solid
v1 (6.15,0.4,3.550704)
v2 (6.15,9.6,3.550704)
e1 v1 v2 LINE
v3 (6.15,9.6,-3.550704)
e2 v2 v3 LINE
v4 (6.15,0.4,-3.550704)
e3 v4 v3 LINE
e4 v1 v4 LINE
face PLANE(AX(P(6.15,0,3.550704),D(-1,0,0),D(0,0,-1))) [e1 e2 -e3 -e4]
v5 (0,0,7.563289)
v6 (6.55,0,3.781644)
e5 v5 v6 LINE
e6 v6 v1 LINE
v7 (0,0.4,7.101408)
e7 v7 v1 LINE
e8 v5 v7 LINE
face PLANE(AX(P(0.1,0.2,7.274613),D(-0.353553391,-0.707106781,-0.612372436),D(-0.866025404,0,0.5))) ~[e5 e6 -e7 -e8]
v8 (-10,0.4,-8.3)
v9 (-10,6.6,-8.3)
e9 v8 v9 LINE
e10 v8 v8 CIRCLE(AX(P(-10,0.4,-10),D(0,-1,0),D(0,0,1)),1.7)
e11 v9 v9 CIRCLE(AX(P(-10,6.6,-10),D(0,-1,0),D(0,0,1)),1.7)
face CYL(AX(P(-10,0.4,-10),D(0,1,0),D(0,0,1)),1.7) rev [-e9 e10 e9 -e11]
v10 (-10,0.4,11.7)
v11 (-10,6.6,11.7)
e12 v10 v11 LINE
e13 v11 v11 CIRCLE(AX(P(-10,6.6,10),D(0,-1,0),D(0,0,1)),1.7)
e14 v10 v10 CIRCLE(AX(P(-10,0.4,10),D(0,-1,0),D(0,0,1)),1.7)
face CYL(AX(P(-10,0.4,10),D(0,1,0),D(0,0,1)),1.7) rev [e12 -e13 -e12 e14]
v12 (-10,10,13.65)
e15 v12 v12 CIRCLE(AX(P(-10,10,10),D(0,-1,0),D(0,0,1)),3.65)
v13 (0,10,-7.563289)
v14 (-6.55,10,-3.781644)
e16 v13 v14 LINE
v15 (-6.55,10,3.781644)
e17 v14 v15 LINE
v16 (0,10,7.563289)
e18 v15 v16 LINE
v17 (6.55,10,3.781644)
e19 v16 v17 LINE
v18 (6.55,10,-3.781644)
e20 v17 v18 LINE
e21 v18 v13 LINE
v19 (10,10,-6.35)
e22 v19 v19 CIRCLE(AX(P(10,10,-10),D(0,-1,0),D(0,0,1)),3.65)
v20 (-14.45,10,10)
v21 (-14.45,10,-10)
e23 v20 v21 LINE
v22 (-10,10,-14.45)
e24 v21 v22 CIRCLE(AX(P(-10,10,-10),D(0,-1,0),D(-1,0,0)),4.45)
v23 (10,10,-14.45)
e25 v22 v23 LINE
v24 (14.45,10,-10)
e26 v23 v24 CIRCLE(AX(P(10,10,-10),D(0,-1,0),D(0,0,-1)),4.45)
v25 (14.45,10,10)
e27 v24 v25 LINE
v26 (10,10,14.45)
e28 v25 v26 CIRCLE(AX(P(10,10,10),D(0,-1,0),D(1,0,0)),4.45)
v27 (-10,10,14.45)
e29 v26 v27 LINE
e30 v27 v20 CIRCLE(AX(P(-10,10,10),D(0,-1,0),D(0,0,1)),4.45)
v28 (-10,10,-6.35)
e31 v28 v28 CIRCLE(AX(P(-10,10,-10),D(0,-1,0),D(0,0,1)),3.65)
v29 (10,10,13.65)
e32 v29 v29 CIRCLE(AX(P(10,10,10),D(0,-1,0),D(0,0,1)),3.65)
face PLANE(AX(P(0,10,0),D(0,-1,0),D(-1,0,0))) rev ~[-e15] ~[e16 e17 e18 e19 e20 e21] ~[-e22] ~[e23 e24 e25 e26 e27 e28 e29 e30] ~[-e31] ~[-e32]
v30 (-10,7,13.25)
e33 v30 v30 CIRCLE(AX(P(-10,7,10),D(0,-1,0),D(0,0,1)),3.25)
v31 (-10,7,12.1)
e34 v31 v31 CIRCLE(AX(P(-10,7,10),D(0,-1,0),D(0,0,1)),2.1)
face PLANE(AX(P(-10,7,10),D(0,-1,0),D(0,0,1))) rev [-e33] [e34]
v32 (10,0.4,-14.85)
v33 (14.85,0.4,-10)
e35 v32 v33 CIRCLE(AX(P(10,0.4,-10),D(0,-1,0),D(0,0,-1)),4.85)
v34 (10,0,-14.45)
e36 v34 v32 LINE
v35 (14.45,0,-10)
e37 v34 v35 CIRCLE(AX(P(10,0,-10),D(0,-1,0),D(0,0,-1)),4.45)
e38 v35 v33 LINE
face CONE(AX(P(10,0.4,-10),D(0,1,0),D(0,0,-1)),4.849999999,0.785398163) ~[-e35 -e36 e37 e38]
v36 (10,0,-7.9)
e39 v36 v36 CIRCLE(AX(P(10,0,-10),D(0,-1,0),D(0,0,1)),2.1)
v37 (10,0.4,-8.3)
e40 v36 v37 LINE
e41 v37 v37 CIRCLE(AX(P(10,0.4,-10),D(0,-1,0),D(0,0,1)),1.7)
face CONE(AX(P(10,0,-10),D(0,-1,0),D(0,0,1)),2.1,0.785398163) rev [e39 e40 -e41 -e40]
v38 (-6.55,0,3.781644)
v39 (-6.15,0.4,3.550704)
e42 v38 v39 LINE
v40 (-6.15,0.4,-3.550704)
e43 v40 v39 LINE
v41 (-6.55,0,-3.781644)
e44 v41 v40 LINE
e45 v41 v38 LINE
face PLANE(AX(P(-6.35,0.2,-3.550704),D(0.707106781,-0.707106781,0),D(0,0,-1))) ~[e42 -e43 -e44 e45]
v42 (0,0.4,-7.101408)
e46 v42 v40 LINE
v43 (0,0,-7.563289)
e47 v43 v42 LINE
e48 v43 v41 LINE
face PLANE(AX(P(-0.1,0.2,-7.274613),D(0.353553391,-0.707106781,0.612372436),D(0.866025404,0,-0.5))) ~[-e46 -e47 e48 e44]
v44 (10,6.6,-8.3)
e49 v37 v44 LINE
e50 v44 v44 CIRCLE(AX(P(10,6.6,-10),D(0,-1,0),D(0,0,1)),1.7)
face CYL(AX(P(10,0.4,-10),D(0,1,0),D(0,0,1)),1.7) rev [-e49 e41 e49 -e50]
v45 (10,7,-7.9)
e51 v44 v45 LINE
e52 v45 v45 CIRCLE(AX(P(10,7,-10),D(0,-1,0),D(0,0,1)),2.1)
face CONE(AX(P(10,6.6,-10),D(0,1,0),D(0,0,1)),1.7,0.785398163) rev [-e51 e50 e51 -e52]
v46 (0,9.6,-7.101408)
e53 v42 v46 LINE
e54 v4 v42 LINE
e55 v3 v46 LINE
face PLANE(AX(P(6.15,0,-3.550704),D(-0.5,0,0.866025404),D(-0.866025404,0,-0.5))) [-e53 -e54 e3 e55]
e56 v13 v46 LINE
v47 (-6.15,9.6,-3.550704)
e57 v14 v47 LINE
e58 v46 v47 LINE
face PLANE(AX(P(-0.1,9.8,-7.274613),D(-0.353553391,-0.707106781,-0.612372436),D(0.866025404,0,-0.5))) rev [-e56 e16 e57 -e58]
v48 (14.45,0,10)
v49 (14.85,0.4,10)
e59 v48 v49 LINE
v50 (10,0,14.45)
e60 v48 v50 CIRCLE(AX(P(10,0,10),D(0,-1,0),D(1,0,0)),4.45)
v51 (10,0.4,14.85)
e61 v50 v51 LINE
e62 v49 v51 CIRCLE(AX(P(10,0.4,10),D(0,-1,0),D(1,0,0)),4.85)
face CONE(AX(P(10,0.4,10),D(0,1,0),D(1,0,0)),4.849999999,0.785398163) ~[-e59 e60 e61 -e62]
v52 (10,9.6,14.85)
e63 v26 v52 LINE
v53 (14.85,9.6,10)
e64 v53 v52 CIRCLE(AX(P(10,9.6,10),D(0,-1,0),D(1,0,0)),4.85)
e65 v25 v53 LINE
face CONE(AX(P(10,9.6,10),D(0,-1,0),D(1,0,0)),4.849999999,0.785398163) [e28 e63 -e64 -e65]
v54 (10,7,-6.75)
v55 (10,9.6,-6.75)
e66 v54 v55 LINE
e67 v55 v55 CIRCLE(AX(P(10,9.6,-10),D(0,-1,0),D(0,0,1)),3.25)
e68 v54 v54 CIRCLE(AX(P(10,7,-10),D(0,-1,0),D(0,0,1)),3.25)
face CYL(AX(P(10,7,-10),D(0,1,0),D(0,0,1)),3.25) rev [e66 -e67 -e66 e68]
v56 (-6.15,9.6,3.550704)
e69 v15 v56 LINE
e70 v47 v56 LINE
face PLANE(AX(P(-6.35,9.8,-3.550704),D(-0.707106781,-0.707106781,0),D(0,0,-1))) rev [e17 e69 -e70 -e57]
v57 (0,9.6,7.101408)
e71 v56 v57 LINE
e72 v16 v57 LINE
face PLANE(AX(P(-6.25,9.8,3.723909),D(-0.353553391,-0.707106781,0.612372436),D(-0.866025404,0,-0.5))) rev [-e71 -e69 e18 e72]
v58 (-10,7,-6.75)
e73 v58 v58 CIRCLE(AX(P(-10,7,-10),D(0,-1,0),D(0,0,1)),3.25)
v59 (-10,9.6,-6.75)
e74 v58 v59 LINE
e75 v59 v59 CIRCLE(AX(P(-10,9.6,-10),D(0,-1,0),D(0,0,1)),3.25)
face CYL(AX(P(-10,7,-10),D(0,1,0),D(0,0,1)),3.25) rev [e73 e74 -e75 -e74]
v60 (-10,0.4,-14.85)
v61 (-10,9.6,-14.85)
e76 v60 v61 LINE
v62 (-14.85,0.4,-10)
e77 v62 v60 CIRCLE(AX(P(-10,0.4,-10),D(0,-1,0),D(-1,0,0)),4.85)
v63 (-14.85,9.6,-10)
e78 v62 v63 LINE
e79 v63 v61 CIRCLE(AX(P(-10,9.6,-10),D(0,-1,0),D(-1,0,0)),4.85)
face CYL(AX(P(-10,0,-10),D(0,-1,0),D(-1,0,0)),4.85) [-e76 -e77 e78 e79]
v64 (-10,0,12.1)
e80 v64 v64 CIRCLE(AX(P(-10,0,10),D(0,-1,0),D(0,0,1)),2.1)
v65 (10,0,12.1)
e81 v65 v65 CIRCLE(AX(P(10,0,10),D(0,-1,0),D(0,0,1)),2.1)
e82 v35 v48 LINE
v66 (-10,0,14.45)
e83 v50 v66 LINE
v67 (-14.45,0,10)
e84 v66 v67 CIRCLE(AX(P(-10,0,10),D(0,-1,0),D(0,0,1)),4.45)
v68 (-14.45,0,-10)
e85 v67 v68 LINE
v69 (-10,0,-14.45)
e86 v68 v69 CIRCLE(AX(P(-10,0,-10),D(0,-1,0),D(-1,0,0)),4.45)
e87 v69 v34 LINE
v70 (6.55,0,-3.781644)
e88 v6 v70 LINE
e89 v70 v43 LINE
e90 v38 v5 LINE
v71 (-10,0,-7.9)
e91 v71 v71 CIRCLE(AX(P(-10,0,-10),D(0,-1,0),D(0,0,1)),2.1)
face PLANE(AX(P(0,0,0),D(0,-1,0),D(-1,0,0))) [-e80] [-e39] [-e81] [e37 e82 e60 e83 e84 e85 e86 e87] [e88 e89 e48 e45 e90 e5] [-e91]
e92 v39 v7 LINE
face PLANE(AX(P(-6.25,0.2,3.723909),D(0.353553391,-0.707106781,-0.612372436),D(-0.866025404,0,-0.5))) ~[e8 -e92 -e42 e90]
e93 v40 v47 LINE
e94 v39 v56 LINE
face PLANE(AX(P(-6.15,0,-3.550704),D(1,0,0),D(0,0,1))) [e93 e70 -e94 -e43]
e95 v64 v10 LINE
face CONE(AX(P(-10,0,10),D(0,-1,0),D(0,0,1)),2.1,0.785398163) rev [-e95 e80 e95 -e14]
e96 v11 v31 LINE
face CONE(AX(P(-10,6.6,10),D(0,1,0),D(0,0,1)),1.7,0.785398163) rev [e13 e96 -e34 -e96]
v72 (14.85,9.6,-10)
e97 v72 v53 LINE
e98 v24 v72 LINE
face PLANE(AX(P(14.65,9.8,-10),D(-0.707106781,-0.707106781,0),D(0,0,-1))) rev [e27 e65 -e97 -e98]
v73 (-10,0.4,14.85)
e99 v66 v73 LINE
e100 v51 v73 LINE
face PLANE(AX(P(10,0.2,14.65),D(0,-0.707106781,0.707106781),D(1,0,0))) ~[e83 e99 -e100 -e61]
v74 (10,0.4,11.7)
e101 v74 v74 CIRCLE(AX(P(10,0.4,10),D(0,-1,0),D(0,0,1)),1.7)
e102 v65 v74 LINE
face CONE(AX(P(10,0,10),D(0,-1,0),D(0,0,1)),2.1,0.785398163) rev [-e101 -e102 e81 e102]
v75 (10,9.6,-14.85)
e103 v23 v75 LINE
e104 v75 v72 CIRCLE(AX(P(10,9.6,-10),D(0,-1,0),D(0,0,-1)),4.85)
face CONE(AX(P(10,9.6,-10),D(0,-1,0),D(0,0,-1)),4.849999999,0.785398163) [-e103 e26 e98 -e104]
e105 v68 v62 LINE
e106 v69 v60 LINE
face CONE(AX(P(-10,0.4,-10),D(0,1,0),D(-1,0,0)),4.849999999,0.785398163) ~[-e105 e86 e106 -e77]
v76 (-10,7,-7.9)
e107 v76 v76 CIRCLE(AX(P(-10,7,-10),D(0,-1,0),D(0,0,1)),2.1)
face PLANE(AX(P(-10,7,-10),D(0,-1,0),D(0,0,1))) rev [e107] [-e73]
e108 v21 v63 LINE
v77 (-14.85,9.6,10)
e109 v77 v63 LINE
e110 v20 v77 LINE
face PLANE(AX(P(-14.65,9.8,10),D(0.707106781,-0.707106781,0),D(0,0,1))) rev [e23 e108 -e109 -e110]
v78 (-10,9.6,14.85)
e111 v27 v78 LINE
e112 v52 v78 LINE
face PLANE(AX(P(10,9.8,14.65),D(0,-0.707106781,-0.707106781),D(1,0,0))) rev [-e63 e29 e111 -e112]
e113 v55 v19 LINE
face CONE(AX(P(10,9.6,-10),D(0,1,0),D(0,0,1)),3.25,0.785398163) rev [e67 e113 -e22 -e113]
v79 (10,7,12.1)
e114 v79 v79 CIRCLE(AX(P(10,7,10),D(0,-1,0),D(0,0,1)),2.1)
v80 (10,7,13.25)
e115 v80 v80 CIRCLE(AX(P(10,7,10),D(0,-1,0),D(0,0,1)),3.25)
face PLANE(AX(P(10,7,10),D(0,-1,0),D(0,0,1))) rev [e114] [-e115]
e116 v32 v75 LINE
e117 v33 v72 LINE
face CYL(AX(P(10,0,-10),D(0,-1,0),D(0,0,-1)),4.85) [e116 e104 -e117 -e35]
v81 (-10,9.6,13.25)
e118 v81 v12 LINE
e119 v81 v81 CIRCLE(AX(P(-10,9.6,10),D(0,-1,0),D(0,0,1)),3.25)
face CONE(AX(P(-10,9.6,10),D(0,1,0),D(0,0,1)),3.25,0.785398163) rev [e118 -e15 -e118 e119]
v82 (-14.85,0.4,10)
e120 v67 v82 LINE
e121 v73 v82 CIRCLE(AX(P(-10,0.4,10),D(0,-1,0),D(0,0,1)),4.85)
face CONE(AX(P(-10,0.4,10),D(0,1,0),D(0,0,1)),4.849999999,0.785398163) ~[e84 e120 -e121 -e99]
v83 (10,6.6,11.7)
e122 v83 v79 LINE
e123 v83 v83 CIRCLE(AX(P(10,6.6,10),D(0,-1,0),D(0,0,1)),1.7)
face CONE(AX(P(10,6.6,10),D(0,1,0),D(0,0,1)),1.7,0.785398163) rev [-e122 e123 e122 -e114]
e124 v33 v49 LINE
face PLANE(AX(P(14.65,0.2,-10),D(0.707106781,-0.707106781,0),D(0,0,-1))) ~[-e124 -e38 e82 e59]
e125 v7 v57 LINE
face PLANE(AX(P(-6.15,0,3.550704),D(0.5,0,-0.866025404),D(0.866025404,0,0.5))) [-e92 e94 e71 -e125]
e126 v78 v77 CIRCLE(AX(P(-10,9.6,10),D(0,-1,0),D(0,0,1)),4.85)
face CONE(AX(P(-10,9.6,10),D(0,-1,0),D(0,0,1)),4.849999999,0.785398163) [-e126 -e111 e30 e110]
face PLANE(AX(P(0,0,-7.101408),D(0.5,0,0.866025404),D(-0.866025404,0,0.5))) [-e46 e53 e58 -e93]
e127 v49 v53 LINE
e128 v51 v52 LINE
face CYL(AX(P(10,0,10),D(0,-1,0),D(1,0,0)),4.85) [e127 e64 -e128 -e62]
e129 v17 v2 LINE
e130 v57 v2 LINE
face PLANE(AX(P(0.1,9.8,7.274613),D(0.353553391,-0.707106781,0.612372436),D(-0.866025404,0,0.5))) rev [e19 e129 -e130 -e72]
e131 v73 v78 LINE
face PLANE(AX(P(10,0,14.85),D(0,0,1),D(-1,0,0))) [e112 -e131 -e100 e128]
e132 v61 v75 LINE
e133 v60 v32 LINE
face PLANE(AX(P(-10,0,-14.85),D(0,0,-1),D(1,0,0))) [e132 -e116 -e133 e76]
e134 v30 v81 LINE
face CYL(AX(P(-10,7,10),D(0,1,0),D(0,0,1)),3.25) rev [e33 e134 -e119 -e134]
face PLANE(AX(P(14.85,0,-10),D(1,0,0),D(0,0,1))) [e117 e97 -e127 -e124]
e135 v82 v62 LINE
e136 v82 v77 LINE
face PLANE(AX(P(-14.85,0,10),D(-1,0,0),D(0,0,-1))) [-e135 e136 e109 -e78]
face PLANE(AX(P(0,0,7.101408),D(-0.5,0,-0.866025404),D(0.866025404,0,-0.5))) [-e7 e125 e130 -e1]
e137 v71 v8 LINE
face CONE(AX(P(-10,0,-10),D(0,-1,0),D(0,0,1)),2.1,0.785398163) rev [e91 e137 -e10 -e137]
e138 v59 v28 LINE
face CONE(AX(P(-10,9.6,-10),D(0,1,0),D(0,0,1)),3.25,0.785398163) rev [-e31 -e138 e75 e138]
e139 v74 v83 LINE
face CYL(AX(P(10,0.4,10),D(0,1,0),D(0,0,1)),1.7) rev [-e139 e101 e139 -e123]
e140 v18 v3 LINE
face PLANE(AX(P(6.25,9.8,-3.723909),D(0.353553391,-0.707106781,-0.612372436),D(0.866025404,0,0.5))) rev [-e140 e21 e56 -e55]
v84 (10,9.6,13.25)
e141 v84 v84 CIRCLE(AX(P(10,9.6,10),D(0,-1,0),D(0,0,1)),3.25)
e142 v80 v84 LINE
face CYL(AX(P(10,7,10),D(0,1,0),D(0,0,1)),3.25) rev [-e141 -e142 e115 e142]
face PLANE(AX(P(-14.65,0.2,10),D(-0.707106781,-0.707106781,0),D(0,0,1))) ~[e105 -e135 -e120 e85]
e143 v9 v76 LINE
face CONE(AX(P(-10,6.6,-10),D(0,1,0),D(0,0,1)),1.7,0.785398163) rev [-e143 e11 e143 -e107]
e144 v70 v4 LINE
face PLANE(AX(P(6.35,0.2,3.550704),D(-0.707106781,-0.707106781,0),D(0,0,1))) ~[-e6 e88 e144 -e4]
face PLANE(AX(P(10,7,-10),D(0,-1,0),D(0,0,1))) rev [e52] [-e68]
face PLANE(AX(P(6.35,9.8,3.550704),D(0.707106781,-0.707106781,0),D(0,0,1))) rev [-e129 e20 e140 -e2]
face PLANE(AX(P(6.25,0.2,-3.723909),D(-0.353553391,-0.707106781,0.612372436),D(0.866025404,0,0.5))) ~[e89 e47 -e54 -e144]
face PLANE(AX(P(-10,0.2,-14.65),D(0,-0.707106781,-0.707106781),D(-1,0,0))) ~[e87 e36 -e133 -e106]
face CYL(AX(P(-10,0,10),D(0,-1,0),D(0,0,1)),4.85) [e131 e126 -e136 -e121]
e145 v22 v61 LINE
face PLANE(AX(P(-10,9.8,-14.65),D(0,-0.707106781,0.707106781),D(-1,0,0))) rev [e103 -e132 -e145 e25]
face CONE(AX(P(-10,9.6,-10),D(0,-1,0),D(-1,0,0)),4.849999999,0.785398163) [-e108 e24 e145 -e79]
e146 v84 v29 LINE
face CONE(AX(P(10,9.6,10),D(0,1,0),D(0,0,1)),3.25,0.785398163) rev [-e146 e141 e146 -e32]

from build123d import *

# Parameters (mm, degrees)
BOSS_EXTRUDE1_DEPTH           = 10
CBORE_FOR_M3_SHCS1_AT_2_COUNT = 2
CBORE_FOR_M3_SHCS1_AT_2_PITCH = 20
CBORE_FOR_M3_SHCS1_AT_3_COUNT = 2
CBORE_FOR_M3_SHCS1_AT_3_PITCH = 28.284271247
CBORE_FOR_M3_SHCS1_AT_4_COUNT = 2
CBORE_FOR_M3_SHCS1_AT_4_PITCH = 20
CHAMFER1_SIZE                 = 0.4


with BuildPart() as part:
    # Sketch3 → Boss-Extrude1 (new body)
    with BuildSketch(Plane(origin=(0, 0, 0), x_dir=(1, 0, 0), z_dir=(0, 1, 0))):
        with BuildLine():
            Line((-14.85, -10), (-14.85, 10))
            ThreePointArc((-14.85, 10), (-13.429467889, 13.429467889), (-10, 14.85))
            Line((-10, 14.85), (10, 14.85))
            ThreePointArc((10, 14.85), (13.429467889, 13.429467889), (14.85, 10))
            Line((14.85, 10), (14.85, -10))
            ThreePointArc((14.85, -10), (13.429467889, -13.429467889), (10, -14.85))
            Line((10, -14.85), (-10, -14.85))
            ThreePointArc((-10, -14.85), (-13.429467889, -13.429467889), (-14.85, -10))
        make_face()
        Polygon((-6.15, 3.550704156), (-6.15, -3.550704156), (0, -7.101408311), (6.15, -3.550704156), (6.15, 3.550704156), (0, 7.101408311), align=None, mode=Mode.SUBTRACT)
    extrude(amount=BOSS_EXTRUDE1_DEPTH)

    # Sketch5 → CBORE for M3 SHCS1 (revolve, cut)
    with BuildSketch(Plane(origin=(-10, 10, -10), x_dir=(0, 0, 1), z_dir=(1, 0, 0))):
        Polygon((0, 0), (0, 10), (2.1, 10), (1.7, 9.6), (1.7, 3.4), (2.1, 3), (3.25, 3), (3.25, 0.4), (3.65, 0), align=None)
    cbore_for_m3_shcs1 = revolve(axis=Axis((-10, 16.35, -10), (0, -1, 0)), mode=Mode.SUBTRACT)

    # CBORE for M3 SHCS1 at 2: CBORE for M3 SHCS1 ×2
    with Locations(*[(i * CBORE_FOR_M3_SHCS1_AT_2_PITCH, 0, 0) for i in range(1, CBORE_FOR_M3_SHCS1_AT_2_COUNT)]):
        add(cbore_for_m3_shcs1, mode=Mode.SUBTRACT)

    # CBORE for M3 SHCS1 at 3: CBORE for M3 SHCS1 ×2
    with Locations(*[Vector(0.7071067811865476, 0, 0.7071067811865476) * (i * CBORE_FOR_M3_SHCS1_AT_3_PITCH) for i in range(1, CBORE_FOR_M3_SHCS1_AT_3_COUNT)]):
        add(cbore_for_m3_shcs1, mode=Mode.SUBTRACT)

    # CBORE for M3 SHCS1 at 4: CBORE for M3 SHCS1 ×2
    with Locations(*[(0, 0, i * CBORE_FOR_M3_SHCS1_AT_4_PITCH) for i in range(1, CBORE_FOR_M3_SHCS1_AT_4_COUNT)]):
        add(cbore_for_m3_shcs1, mode=Mode.SUBTRACT)

    # Chamfer1
    chamfer1_edges = [part.edges().sort_by_distance(p)[0] for p in [
        (14.85, 0, 0),
        (13.429467889, 0, 13.429467889),
        (0, 0, 14.85),
        (-13.429467889, 0, 13.429467889),
        (13.429467889, 10, 13.429467889),
        (14.85, 10, 0),
        (13.429467889, 10, -13.429467889),
        (0, 10, -14.85),
        (-3.075, 0, -5.326056233),
        (-6.15, 0, 0),
        (-3.075, 0, 5.326056233),
        (3.075, 0, 5.326056233),
        (6.15, 0, 0),
        (3.075, 0, -5.326056233),
        (-3.075, 10, -5.326056233),
        (-6.15, 10, 0),
        (-13.429467889, 10, -13.429467889),
        (-3.075, 10, 5.326056233),
        (3.075, 10, 5.326056233),
        (6.15, 10, 0),
        (3.075, 10, -5.326056233),
        (-14.85, 10, 0),
        (-13.429467889, 10, 13.429467889),
        (-14.85, 0, 0),
        (0, 10, 14.85),
        (-13.429467889, 0, -13.429467889),
        (0, 0, -14.85),
        (13.429467889, 0, -13.429467889),
    ]]
    chamfer(chamfer1_edges, length=CHAMFER1_SIZE)


solid = part.part
